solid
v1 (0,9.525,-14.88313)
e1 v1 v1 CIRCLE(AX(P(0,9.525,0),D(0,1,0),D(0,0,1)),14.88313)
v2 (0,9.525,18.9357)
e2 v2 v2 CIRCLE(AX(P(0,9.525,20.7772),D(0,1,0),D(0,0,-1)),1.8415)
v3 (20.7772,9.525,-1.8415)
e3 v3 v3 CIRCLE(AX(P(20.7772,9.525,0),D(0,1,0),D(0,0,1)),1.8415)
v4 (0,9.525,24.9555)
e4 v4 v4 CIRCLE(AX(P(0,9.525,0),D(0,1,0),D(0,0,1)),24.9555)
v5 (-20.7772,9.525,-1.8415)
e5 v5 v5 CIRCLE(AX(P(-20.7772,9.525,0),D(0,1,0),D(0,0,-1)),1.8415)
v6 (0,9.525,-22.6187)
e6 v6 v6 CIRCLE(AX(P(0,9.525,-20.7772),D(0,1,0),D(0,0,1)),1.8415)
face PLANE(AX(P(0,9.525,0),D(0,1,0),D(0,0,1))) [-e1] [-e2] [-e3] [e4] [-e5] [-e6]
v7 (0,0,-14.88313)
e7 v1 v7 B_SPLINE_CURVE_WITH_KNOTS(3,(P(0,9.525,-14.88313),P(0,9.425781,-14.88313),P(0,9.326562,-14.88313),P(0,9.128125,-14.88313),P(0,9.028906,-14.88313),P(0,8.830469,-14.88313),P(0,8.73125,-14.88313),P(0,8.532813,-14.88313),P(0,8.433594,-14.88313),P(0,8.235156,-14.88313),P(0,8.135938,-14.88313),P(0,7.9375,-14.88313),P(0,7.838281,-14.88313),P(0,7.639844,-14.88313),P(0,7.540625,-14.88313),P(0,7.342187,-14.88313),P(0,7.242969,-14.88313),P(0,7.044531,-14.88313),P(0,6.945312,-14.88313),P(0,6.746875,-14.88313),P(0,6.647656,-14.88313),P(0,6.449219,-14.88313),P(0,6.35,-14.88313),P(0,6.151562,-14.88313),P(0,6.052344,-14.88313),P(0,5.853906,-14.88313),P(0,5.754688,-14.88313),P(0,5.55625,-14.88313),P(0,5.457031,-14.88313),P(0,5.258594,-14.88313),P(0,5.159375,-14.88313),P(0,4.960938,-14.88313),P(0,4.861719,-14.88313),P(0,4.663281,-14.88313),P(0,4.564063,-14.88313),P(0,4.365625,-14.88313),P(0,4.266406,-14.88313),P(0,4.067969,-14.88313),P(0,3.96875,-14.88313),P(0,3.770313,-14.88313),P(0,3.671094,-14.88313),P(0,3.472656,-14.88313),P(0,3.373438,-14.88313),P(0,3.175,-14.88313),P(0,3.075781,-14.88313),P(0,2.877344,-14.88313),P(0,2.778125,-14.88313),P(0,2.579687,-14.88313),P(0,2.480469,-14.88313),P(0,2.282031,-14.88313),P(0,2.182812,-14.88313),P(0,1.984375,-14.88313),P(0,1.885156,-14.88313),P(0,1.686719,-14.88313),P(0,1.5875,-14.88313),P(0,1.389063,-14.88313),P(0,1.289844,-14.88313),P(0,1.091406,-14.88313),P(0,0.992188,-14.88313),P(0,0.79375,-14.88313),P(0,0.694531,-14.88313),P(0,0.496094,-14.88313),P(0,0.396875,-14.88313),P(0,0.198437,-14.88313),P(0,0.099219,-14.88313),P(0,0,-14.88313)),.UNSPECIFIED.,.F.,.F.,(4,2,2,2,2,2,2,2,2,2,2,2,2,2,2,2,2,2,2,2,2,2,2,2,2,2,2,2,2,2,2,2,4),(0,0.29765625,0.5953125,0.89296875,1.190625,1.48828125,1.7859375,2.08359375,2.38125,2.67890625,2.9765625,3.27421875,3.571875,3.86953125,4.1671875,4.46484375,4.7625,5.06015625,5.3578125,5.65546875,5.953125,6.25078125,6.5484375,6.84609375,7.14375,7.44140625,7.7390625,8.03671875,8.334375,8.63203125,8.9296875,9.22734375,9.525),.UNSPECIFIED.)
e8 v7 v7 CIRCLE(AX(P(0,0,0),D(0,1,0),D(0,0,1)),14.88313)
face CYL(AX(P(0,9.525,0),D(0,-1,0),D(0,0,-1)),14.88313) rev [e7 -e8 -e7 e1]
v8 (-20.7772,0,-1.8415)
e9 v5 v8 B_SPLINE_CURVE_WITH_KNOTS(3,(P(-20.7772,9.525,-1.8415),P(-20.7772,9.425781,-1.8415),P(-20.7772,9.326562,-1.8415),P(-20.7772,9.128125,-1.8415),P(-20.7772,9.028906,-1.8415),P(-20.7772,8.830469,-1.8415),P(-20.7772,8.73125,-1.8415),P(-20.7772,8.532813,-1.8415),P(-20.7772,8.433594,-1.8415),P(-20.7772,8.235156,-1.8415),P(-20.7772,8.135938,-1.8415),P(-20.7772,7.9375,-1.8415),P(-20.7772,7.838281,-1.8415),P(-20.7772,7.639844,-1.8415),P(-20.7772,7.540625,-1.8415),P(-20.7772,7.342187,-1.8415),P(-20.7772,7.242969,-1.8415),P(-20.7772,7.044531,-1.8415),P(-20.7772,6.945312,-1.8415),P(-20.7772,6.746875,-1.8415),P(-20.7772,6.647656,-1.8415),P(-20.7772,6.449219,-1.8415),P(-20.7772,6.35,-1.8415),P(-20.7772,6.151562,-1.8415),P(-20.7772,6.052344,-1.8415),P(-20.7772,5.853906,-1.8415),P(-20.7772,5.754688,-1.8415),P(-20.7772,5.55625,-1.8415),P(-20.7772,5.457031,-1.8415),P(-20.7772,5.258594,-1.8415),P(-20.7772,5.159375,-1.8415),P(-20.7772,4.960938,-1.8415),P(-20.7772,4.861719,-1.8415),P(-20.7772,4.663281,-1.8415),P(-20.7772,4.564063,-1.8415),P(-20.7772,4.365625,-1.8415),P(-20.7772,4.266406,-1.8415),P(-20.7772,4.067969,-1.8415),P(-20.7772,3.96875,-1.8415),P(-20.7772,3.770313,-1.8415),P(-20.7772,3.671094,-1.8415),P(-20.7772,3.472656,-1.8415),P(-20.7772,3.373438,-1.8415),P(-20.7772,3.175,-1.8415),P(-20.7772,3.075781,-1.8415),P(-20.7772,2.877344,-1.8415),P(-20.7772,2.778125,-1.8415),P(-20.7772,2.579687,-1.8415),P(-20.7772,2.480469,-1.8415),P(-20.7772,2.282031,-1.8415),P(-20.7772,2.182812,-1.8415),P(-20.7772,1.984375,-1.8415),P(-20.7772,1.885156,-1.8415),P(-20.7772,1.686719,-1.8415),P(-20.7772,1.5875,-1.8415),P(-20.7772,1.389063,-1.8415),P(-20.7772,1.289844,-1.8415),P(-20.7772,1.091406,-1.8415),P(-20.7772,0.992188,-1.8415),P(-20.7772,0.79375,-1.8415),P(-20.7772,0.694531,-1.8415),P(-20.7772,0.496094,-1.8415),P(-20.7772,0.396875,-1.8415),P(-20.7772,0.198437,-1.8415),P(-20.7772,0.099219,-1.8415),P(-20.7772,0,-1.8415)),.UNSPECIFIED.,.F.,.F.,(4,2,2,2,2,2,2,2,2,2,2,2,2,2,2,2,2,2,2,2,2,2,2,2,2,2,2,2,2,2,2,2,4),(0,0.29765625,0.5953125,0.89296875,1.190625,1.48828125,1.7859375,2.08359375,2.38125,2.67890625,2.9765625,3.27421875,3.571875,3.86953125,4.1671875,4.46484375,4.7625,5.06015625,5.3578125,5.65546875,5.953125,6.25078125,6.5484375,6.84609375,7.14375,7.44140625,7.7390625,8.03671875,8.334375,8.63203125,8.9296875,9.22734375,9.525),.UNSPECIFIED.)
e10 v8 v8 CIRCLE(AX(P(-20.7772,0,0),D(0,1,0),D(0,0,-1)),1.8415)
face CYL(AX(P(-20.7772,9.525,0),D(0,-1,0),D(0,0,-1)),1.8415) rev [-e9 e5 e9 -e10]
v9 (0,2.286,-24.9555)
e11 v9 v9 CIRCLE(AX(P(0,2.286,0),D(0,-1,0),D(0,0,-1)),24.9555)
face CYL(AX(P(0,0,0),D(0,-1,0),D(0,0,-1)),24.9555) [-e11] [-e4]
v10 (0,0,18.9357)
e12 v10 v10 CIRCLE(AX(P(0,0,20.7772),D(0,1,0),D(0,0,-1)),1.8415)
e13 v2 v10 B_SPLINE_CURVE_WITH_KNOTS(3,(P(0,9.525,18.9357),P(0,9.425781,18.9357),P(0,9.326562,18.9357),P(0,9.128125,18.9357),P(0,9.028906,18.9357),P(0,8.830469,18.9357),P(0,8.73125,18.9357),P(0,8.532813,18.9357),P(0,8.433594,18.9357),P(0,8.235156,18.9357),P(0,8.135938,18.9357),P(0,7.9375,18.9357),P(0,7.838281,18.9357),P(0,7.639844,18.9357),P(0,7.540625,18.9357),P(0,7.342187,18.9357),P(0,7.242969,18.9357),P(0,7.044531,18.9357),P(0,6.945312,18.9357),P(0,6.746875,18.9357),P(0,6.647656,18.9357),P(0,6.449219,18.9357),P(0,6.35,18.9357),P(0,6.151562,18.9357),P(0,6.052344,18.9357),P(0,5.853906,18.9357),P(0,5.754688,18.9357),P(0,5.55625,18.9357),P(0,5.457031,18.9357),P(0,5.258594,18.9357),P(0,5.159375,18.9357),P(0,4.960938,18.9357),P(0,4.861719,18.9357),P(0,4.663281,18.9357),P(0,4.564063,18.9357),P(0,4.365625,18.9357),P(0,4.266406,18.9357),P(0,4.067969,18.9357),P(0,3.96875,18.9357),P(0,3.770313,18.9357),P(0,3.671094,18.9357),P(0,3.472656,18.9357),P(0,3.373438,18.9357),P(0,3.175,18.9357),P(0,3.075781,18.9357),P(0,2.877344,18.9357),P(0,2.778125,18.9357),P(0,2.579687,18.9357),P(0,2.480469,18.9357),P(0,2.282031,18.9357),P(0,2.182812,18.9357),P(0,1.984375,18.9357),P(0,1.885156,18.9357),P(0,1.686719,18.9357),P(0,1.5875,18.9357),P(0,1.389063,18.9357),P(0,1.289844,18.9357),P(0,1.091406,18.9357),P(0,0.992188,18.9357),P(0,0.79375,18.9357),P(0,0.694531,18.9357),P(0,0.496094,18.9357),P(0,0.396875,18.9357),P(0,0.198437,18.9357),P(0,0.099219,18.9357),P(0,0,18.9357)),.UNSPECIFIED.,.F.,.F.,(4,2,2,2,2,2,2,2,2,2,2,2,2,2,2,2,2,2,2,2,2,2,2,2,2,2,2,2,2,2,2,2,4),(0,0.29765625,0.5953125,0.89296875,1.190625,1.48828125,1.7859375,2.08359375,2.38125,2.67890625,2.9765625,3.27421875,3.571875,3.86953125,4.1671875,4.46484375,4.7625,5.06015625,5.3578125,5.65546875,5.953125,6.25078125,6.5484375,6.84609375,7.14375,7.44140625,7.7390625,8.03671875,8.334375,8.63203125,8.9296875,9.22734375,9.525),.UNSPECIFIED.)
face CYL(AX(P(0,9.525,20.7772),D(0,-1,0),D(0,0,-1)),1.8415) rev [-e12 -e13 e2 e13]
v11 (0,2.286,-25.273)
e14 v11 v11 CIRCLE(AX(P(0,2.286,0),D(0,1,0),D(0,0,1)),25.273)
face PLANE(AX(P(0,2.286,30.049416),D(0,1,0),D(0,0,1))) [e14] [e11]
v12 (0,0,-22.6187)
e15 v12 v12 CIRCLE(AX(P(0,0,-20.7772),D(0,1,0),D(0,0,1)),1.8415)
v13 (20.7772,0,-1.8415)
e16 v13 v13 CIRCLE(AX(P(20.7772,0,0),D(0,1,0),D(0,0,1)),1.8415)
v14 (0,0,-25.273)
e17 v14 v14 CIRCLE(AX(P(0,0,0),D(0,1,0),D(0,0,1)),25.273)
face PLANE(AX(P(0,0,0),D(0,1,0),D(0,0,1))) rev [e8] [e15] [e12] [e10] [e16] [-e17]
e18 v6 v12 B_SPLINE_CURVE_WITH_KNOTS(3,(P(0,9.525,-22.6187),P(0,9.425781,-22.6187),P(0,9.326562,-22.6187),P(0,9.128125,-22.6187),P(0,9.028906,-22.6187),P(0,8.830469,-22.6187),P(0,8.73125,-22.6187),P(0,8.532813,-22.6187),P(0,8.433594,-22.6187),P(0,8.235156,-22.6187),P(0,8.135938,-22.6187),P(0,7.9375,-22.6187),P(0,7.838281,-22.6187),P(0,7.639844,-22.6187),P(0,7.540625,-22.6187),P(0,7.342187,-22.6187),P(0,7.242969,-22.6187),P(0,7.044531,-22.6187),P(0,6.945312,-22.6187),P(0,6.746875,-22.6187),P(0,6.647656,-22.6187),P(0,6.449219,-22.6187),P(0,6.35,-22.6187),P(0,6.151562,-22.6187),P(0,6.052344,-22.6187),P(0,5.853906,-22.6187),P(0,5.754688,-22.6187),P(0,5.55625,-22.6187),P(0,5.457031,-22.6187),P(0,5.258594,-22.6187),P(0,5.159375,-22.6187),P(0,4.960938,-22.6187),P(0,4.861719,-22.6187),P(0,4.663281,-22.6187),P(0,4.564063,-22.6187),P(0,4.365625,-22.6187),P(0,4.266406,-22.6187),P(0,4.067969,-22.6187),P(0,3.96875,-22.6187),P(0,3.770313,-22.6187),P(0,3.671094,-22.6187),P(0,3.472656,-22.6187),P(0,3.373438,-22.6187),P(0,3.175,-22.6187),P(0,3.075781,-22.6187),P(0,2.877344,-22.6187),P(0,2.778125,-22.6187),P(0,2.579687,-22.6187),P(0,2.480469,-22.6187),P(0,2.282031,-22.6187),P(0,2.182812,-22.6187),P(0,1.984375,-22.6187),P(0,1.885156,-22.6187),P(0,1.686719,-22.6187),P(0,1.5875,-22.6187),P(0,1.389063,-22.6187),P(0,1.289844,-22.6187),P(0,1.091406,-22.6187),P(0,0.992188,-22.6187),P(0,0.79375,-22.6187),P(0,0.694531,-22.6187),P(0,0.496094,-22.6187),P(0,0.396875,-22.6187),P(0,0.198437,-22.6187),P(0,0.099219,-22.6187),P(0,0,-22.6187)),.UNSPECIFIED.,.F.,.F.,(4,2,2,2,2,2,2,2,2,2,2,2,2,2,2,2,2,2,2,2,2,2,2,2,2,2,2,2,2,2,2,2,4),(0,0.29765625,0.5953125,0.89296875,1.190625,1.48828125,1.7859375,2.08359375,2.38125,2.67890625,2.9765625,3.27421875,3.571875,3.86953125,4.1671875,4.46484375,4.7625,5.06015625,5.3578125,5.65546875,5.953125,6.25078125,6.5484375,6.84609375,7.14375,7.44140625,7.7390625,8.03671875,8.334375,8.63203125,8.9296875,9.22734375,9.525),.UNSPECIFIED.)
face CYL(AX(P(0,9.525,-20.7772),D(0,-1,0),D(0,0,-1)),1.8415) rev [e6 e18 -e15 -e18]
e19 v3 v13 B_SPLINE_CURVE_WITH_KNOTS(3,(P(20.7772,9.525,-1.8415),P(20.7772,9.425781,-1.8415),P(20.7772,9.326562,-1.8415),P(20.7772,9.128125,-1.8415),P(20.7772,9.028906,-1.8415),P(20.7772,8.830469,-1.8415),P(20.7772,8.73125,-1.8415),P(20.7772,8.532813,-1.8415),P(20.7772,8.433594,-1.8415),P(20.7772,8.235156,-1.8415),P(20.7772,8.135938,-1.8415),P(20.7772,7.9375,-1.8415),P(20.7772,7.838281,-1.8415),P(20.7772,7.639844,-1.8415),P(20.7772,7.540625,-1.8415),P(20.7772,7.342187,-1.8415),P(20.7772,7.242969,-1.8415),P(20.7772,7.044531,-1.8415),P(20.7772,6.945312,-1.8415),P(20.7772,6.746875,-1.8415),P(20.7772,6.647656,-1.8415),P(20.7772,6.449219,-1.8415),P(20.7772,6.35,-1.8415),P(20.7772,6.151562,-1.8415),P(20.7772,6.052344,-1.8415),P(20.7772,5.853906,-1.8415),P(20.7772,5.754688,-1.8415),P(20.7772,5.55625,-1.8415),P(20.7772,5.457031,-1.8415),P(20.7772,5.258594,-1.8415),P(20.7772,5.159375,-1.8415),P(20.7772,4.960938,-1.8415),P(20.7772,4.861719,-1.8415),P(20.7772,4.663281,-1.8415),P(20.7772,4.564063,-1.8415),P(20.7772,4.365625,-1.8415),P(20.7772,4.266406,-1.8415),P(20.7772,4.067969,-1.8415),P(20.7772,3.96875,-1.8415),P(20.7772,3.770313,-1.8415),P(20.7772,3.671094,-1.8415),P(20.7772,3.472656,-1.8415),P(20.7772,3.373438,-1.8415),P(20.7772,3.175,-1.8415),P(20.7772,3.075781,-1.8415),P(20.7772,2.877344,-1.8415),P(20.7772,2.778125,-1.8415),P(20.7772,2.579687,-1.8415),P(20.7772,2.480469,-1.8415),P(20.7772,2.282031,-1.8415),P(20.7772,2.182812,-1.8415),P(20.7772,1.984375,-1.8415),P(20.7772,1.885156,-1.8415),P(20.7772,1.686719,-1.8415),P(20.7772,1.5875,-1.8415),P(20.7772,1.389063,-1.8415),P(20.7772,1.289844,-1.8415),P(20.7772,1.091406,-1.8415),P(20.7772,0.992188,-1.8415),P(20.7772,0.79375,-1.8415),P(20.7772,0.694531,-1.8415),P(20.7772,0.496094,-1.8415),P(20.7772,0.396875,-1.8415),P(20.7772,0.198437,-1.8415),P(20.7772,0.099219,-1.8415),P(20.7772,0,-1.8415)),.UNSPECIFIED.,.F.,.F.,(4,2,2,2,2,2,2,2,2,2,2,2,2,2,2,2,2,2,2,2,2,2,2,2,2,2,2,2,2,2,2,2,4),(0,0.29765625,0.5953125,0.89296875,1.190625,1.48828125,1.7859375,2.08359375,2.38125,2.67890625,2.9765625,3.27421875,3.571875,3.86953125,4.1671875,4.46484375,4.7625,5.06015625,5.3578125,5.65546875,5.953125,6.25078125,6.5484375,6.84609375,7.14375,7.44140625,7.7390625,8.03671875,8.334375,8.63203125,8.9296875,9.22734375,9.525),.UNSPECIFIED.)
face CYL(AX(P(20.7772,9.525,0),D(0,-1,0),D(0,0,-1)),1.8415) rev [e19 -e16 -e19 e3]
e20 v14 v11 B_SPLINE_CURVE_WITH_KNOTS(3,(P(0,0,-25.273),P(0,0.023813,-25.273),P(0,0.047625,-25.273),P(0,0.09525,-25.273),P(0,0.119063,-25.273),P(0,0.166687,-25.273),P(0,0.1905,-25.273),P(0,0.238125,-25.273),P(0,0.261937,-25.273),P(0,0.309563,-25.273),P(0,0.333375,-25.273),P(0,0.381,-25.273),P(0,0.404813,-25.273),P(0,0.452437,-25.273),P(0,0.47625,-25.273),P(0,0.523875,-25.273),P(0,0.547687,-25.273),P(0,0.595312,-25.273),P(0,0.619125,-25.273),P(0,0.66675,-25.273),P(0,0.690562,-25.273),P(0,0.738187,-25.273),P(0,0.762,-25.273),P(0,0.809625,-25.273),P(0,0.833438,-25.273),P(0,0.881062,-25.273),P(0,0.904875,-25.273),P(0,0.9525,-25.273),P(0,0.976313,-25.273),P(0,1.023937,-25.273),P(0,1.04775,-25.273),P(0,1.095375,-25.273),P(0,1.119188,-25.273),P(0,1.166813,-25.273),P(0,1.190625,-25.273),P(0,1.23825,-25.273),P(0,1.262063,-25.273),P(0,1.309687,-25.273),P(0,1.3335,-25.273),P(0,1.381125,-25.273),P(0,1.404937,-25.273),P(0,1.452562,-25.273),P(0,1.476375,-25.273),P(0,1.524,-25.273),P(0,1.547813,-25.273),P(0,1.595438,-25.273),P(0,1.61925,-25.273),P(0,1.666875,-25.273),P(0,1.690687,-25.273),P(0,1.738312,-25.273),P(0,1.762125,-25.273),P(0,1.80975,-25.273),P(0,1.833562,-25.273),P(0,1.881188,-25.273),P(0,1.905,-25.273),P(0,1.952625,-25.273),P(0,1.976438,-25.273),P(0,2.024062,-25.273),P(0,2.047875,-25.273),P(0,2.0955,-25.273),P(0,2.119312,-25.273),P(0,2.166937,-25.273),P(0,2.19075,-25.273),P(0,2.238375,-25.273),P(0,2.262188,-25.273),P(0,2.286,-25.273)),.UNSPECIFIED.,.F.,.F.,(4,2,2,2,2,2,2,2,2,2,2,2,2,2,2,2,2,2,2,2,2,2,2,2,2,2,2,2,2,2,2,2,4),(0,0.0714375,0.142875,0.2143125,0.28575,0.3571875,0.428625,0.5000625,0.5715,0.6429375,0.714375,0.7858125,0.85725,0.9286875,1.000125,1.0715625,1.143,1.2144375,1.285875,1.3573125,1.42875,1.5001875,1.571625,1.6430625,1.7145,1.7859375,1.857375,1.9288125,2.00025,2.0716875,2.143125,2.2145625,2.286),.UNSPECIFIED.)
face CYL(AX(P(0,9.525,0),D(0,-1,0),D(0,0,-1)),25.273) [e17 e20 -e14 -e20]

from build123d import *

# Parameters (mm, degrees)
SKETCH1_R      = 25.273
SKETCH1_R_2    = 14.88313
SKETCH1_R_3    = 1.8415
EXTRUDE1_DEPTH = 9.525
SKETCH2_W      = 5.0939162
SKETCH2_H      = 11.293845459


with BuildPart() as part:
    # Sketch1 → Extrude1 (new body)
    with BuildSketch(Plane(origin=(0, 0, 0), x_dir=(1, 0, 0), z_dir=(0, 1, 0))):
        with Locations(Location((0, 0, 0), (0, 0, 90))):
            Circle(SKETCH1_R)
        with Locations(Location((0, 0, 0), (0, 0, 90))):
            Circle(SKETCH1_R_2, mode=Mode.SUBTRACT)
        with Locations(Location((0, 20.7772, 0), (0, 0, 90))):
            Circle(SKETCH1_R_3, mode=Mode.SUBTRACT)
        with Locations(Location((0, -20.7772, 0), (0, 0, 90))):
            Circle(SKETCH1_R_3, mode=Mode.SUBTRACT)
        with Locations(Location((20.7772, 0, 0), (0, 0, 90))):
            Circle(SKETCH1_R_3, mode=Mode.SUBTRACT)
        with Locations(Location((-20.7772, 0, 0), (0, 0, 90))):
            Circle(SKETCH1_R_3, mode=Mode.SUBTRACT)
    extrude(amount=EXTRUDE1_DEPTH)

    # Sketch2 → Cut-Revolve1 (revolve, cut)
    with BuildSketch(Plane(origin=(0, 0, 0), x_dir=(0, 0, -1), z_dir=(1, 0, 0)), mode=Mode.PRIVATE) as cut_revolve1_sk:
        with Locations((-27.5024581, 7.93292273)):
            Rectangle(SKETCH2_W, SKETCH2_H)
    revolve(cut_revolve1_sk.sketch.rotate(Axis((0, 0, 0), (0, 1, 0)), 180), axis=Axis((0, 0, 0), (0, 1, 0)), mode=Mode.SUBTRACT)


solid = part.part
